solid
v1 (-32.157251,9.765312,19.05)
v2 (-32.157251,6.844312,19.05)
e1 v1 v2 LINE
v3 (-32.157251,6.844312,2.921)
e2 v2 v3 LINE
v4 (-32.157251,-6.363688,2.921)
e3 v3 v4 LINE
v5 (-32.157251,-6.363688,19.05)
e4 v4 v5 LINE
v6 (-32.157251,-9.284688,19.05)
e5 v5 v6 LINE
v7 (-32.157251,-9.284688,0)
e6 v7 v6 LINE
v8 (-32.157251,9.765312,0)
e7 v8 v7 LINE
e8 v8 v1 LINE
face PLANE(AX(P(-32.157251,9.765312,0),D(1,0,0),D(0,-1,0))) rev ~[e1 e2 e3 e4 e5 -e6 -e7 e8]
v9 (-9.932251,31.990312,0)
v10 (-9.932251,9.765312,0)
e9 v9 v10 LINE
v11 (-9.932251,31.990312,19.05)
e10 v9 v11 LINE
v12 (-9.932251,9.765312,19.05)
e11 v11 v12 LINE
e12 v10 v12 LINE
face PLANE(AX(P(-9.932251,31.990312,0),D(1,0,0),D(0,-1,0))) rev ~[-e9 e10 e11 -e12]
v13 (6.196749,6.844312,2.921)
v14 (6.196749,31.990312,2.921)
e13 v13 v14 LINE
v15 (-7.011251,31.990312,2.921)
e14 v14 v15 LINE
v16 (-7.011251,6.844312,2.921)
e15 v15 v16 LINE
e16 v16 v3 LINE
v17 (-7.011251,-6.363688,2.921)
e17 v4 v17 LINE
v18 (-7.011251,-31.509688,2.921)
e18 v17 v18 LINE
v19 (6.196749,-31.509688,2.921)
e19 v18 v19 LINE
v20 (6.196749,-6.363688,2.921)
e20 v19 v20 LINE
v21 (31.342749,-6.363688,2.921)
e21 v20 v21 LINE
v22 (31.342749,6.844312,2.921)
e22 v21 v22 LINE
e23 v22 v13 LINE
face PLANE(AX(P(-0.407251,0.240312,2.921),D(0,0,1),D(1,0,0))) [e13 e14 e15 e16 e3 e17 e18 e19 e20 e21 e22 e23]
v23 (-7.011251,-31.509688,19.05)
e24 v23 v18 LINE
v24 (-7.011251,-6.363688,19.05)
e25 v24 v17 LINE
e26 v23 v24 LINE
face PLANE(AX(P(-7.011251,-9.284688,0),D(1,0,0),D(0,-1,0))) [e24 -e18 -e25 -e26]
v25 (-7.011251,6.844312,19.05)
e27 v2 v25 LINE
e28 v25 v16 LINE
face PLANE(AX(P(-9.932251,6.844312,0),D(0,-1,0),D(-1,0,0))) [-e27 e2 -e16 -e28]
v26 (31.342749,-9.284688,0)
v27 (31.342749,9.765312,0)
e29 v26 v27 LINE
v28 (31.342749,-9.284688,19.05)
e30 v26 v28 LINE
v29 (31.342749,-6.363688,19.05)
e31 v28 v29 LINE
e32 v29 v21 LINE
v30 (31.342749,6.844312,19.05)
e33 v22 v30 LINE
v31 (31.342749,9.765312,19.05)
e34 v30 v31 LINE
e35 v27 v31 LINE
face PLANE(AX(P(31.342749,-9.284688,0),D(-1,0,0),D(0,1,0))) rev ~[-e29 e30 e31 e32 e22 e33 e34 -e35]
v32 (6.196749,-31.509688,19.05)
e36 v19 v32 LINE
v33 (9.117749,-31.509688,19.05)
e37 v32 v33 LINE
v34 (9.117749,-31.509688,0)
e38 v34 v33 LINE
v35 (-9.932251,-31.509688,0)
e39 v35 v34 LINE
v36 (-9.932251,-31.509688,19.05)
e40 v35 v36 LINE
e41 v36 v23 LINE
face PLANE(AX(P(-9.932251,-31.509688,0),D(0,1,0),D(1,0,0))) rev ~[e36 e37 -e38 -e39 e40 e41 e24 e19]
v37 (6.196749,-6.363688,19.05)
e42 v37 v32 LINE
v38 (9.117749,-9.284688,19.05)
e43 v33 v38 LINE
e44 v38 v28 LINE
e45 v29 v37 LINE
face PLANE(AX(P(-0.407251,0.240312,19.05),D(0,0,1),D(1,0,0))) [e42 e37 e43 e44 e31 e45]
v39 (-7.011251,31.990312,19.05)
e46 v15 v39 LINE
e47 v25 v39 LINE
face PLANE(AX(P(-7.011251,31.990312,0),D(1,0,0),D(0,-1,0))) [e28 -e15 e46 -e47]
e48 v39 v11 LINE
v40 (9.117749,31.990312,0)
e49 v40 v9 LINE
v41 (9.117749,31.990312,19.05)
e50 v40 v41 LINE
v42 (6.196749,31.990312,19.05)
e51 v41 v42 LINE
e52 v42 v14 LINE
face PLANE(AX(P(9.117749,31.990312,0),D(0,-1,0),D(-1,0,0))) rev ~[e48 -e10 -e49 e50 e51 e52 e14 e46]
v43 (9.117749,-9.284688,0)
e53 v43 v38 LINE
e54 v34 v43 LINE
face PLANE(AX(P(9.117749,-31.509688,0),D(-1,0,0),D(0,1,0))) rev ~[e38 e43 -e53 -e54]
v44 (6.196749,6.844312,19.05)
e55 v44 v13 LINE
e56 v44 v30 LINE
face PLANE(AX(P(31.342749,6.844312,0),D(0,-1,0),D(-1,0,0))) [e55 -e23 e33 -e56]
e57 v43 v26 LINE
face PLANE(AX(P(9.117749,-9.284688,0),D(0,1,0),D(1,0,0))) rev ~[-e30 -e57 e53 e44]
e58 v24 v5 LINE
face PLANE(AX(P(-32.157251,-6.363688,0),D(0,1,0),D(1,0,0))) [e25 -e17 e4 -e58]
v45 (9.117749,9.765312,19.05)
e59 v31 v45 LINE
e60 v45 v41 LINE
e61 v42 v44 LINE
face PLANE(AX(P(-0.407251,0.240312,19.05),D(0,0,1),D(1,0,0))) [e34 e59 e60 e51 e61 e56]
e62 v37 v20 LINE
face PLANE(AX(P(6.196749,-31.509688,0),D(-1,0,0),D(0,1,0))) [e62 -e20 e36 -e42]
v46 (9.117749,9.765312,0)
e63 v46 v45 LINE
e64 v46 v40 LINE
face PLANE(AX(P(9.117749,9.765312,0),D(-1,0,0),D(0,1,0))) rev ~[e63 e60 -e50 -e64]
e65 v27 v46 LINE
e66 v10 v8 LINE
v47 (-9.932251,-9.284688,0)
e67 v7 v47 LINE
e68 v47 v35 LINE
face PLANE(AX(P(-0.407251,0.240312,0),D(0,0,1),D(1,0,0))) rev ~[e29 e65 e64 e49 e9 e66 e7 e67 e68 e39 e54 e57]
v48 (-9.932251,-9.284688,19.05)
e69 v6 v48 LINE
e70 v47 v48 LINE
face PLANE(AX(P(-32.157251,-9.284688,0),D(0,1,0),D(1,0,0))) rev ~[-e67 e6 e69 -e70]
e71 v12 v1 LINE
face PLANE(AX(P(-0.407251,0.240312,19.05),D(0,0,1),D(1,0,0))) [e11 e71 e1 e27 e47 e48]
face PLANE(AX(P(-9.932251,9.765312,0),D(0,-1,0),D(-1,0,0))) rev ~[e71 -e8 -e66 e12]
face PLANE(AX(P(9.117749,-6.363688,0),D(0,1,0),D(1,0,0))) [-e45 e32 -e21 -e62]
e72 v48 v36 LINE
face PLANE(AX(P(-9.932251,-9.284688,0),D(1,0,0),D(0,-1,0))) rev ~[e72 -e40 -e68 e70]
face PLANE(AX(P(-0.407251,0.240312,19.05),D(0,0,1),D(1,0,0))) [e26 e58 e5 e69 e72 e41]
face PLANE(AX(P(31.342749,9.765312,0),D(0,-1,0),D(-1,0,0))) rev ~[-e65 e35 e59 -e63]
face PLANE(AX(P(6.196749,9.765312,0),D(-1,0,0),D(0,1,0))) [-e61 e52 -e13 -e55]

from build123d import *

# Parameters (mm, degrees)
F1_DEPTH = 19.05
F2_T     = -2.921


with BuildPart() as f1:
    # F0 (on Top) → F1 (new body)
    with BuildSketch(Plane.XY):
        Polygon((9.1177485883, 31.9903120756), (-9.9322514117, 31.9903120756), (-9.9322514117, 9.7653120756), (-32.1572514117, 9.7653120756), (-32.1572514117, -9.2846879244), (-9.9322514117, -9.2846879244), (-9.9322514117, -31.5096879244), (9.1177485883, -31.5096879244), (9.1177485883, -9.2846879244), (31.3427485883, -9.2846879244), (31.3427485883, 9.7653120756), (9.1177485883, 9.7653120756), align=None)
    extrude(amount=F1_DEPTH)

    # F2
    f2_openings = [f1.faces().sort_by_distance(p)[0] for p in [
        (-0.407251, 0.240312, 19.05),
        (-0.407251, -31.509688, 9.525),
        (31.342749, 0.240312, 9.525),
        (-0.407251, 31.990312, 9.525),
        (-32.157251, 0.240312, 9.525),
    ]]
    offset(amount=F2_T, openings=f2_openings, kind=Kind.INTERSECTION)


solid = f1.part
